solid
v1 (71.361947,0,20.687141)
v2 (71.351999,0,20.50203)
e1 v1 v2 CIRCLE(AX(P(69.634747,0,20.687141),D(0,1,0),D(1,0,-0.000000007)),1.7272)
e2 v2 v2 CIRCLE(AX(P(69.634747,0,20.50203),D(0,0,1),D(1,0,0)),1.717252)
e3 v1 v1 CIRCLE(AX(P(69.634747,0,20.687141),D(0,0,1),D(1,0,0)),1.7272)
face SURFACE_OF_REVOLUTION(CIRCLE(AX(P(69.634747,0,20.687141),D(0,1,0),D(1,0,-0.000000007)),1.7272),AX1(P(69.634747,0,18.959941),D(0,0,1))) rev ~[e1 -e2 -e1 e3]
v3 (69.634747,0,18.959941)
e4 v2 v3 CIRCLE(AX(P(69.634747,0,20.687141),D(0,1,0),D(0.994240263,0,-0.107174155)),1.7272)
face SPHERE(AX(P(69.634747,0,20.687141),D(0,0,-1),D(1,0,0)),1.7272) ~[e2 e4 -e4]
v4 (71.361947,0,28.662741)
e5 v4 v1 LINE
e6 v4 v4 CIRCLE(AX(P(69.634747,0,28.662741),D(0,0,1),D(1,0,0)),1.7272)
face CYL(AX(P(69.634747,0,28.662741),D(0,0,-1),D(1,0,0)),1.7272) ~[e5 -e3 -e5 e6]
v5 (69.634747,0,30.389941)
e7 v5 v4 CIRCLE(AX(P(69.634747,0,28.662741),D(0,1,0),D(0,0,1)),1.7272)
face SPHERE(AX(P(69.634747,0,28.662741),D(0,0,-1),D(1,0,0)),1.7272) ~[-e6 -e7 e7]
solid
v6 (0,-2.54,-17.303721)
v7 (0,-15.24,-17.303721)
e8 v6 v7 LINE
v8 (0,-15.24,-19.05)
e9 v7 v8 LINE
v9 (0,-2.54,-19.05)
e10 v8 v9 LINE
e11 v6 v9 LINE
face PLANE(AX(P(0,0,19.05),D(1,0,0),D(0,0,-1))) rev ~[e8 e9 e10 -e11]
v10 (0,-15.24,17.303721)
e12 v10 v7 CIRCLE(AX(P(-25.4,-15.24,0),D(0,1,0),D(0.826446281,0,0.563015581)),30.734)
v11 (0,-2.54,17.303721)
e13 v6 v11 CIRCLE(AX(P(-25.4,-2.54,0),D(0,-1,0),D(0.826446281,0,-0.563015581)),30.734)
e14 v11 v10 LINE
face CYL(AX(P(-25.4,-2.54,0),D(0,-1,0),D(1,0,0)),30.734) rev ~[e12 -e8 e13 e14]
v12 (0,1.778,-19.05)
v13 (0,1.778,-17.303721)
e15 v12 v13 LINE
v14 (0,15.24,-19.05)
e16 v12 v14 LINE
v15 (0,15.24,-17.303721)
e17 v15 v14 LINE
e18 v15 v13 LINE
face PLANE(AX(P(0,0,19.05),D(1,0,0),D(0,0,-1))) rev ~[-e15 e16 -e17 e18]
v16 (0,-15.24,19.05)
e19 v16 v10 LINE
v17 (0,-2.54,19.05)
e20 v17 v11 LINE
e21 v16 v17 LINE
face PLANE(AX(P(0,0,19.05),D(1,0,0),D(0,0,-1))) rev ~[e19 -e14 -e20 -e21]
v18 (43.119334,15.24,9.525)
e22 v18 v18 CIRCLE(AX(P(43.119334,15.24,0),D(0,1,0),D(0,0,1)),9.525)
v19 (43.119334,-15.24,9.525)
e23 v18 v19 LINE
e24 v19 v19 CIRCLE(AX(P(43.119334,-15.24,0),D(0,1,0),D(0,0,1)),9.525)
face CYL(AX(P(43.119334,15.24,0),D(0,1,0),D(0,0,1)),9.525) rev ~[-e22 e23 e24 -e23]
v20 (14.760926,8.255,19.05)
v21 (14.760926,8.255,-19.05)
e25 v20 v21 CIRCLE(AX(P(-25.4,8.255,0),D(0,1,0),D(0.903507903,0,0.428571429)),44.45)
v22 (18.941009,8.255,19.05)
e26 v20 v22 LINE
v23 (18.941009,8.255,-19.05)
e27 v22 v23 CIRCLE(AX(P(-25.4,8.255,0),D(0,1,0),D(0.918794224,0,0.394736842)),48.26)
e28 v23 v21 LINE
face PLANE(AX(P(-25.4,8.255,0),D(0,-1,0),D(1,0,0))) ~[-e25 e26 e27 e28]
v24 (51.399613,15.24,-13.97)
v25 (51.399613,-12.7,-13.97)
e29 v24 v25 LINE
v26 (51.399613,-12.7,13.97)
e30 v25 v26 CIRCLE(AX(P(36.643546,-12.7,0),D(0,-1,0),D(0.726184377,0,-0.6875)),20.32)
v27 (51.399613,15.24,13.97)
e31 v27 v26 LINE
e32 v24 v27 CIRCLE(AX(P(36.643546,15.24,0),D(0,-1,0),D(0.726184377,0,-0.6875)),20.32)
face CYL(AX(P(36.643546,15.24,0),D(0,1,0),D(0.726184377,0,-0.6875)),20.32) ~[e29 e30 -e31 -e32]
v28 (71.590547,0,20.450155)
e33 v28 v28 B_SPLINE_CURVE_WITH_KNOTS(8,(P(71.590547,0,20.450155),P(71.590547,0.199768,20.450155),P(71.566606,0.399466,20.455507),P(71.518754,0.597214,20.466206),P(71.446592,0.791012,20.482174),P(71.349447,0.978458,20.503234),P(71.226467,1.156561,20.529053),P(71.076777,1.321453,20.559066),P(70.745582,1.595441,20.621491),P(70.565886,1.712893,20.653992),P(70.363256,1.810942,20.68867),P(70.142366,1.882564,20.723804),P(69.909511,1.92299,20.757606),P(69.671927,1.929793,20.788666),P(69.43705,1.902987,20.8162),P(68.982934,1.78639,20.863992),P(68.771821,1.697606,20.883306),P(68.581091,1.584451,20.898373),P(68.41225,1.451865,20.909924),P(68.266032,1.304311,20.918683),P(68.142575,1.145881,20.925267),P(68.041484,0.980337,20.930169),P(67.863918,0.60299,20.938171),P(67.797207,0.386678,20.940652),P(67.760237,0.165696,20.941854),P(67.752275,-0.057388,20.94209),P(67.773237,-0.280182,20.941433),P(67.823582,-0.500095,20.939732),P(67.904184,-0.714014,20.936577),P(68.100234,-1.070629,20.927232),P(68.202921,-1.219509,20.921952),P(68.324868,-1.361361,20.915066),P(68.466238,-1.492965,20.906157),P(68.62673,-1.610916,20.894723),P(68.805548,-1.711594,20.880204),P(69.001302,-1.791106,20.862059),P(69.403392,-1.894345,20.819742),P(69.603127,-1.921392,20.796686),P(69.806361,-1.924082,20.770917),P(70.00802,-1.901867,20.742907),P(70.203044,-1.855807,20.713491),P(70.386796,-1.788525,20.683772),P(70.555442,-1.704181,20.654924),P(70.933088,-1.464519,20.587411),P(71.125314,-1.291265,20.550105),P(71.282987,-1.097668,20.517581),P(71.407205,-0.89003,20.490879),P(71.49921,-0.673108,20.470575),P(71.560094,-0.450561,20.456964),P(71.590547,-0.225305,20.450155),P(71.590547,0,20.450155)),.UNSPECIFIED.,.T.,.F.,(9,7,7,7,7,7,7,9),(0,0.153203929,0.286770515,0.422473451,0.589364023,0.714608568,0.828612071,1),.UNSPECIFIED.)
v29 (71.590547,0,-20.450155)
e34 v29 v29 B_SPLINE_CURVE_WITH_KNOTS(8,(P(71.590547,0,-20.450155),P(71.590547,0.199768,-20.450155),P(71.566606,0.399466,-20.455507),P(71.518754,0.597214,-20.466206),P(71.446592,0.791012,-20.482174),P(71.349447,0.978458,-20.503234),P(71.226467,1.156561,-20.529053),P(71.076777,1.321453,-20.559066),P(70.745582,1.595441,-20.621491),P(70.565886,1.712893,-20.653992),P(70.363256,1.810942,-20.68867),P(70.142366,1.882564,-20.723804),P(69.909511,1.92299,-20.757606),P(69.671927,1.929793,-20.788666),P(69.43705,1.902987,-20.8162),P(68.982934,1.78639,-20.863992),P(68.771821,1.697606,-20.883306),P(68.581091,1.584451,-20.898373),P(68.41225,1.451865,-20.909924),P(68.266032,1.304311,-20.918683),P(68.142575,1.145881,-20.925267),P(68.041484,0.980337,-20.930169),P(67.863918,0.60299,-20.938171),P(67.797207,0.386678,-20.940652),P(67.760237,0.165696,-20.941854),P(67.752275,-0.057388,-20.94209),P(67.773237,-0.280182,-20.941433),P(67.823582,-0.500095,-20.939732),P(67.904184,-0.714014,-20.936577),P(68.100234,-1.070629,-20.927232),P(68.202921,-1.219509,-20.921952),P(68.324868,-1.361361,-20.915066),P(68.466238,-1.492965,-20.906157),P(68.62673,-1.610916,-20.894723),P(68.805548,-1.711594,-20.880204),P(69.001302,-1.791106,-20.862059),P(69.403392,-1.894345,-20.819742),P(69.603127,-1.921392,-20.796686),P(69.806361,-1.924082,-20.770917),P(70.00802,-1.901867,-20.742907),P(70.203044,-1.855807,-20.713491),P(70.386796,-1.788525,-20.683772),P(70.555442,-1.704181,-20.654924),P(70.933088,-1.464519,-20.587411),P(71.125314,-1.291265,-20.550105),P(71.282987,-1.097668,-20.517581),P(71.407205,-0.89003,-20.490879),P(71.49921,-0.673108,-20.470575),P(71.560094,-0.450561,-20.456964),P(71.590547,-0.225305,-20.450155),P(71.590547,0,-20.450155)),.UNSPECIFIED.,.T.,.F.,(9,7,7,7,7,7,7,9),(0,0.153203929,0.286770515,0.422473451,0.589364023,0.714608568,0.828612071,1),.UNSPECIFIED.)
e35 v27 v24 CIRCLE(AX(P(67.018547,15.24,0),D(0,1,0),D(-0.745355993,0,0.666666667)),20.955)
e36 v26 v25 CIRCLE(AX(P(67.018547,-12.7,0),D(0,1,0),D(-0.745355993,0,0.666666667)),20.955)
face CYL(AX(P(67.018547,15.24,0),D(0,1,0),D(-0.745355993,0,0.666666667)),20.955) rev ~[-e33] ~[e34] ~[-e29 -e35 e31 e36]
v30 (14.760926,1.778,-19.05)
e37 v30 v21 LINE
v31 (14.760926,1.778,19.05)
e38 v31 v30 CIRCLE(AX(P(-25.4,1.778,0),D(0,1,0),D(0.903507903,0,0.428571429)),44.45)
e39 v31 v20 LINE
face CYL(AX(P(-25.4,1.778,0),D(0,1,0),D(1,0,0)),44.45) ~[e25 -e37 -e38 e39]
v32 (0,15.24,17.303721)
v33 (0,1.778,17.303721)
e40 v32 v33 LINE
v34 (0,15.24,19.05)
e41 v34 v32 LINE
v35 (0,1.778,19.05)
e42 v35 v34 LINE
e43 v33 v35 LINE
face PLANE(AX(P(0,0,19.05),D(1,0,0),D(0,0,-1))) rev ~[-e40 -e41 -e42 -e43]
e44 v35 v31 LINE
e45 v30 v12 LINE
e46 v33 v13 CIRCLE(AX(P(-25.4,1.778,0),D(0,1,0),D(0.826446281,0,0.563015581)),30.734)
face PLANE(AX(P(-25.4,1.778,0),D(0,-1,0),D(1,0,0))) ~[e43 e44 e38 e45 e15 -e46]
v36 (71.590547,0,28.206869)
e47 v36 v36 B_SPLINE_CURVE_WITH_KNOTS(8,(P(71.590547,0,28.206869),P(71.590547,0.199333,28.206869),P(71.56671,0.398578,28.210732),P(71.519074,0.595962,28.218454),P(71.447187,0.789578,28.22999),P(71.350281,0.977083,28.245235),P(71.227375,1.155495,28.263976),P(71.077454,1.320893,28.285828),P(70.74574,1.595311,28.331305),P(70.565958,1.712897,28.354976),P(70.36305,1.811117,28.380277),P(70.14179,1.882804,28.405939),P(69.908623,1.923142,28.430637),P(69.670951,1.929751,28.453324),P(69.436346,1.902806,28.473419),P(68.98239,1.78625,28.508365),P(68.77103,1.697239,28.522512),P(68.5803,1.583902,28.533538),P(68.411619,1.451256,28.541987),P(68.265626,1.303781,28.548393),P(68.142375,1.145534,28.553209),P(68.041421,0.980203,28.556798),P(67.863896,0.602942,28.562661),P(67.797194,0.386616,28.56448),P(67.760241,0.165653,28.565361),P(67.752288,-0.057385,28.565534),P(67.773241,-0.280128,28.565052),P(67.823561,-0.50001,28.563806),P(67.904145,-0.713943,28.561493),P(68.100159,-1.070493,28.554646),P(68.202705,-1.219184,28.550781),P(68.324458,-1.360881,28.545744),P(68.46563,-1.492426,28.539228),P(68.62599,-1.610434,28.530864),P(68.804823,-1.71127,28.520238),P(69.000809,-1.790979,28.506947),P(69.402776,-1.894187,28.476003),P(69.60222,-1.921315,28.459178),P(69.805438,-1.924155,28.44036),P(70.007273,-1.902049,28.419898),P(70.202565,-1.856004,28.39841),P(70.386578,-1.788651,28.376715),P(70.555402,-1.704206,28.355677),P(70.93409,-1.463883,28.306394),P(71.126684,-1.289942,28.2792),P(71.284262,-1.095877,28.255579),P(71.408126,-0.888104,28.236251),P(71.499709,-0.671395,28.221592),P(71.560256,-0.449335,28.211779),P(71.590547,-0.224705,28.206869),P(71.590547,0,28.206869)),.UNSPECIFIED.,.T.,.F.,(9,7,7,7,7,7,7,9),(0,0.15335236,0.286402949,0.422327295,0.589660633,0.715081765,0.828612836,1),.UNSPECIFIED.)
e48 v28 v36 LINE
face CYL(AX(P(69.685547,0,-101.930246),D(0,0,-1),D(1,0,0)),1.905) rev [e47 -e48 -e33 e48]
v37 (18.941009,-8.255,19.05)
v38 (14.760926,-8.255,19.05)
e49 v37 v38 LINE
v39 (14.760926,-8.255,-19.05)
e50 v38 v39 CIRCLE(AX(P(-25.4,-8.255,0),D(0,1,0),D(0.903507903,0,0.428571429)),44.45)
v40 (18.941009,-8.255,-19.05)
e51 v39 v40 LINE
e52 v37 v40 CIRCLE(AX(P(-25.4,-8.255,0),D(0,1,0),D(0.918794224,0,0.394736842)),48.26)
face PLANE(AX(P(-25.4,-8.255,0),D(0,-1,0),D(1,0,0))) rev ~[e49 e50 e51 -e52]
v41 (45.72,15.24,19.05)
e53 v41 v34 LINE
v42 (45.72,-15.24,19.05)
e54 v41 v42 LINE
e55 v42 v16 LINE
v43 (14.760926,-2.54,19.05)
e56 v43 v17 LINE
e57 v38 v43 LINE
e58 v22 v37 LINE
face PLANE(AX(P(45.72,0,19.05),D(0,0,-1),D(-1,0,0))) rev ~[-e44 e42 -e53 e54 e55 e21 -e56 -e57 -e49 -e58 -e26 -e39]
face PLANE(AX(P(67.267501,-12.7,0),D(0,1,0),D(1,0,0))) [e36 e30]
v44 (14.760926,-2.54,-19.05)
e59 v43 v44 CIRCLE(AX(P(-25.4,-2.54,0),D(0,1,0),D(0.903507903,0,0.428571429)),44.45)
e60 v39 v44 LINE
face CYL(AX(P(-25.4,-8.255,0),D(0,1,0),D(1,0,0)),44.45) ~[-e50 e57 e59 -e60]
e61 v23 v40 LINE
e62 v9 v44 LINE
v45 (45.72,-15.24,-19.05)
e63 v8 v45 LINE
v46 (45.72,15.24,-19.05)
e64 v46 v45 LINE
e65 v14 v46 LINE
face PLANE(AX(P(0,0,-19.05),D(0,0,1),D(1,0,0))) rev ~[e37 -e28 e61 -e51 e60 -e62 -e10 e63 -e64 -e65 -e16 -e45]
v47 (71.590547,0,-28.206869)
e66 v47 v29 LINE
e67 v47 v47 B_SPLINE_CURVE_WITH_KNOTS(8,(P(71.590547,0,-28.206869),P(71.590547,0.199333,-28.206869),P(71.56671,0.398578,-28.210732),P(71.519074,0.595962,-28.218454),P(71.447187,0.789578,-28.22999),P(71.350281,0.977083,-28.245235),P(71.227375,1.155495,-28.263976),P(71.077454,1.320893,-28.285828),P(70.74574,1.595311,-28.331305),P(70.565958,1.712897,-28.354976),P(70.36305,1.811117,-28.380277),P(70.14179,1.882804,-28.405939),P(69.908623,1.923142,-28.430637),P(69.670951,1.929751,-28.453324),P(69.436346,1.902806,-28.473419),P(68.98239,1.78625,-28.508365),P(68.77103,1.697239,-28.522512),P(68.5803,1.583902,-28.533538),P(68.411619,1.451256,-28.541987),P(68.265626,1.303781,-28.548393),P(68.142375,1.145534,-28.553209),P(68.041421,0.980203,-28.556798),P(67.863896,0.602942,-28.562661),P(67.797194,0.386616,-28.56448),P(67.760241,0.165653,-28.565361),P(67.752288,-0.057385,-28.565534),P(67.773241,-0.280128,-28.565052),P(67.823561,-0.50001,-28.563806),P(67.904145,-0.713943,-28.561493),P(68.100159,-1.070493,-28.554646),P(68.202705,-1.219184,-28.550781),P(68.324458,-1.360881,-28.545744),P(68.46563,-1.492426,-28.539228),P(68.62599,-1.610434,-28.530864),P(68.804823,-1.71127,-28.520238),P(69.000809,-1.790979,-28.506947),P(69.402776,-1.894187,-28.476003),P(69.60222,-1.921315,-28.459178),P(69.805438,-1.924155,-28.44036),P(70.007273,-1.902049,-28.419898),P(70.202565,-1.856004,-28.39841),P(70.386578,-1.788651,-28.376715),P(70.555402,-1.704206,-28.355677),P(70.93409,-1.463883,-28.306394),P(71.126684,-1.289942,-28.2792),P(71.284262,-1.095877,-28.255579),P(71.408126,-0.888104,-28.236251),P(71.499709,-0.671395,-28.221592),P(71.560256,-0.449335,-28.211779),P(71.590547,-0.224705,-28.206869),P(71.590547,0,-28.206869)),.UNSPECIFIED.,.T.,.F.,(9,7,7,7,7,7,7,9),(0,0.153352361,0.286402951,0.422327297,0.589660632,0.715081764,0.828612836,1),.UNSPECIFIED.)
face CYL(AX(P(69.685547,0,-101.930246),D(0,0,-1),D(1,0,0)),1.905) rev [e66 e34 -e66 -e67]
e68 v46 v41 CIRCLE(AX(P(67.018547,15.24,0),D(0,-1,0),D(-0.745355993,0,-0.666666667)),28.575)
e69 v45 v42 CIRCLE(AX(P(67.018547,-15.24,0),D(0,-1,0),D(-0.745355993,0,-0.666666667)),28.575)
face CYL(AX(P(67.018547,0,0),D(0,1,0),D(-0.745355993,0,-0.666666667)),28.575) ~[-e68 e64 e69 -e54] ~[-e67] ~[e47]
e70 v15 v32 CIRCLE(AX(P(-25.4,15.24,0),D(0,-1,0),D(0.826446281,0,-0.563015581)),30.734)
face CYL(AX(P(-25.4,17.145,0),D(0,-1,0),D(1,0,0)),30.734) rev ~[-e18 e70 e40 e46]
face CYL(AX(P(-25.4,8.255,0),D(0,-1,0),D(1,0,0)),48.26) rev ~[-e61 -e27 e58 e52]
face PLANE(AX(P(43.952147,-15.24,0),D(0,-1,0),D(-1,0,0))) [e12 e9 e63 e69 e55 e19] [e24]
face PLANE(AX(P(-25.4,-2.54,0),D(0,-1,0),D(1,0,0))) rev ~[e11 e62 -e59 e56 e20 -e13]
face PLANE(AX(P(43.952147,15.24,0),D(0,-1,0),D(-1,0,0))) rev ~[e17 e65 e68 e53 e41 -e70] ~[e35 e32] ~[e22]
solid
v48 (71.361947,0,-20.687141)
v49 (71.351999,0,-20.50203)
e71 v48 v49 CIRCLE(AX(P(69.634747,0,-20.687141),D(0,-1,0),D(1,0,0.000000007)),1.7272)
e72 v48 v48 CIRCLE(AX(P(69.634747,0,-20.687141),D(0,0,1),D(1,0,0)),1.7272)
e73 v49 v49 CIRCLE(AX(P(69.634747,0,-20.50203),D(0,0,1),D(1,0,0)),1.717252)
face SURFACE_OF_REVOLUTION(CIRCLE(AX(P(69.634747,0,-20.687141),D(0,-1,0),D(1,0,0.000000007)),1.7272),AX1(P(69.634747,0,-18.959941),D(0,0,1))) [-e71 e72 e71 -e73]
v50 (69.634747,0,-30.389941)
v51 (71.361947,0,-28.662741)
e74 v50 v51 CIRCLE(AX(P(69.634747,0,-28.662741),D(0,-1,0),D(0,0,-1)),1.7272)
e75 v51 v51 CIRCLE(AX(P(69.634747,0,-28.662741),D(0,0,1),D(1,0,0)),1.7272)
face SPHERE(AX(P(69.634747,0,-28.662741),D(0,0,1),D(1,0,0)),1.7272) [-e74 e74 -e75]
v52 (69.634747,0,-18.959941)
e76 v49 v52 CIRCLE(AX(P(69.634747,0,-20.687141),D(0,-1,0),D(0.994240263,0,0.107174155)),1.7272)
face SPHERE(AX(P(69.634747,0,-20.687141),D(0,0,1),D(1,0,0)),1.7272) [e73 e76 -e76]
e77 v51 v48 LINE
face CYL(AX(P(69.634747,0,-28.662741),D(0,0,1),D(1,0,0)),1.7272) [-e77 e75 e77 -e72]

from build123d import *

# Parameters (mm, degrees)
BOSS_EXTRUDE1_DEPTH     = 15.24
CUT_EXTRUDE1_DEPTH      = 27.94
CUT_EXTRUDE2_DEPTH      = 101.930245942
CUT_EXTRUDE2_DEPTH_BACK = 101.930245942
SKETCH4_R               = 1.905
SKETCH6_R               = 9.525
CUT_EXTRUDE3_DEPTH      = 105.836564482


with BuildPart() as part:
    # Sketch1 → Boss-Extrude1 (new, symmetric)
    with BuildSketch(Plane(origin=(0, 0, 0), x_dir=(1, 0, 0), z_dir=(0, 1, 0))):
        with BuildLine():
            Line((0, 19.05), (45.72, 19.05))
            ThreePointArc((45.72, 19.05), (95.593547486, 0), (45.72, -19.05))
            Line((45.72, -19.05), (0, -19.05))
            Line((0, -19.05), (0, 19.05))
        make_face()
    extrude(amount=BOSS_EXTRUDE1_DEPTH, both=True)

    # Sketch3 → Cut-Extrude1 (cut)
    with BuildSketch(Plane(origin=(0, 15.24, 0), x_dir=(1, 0, 0), z_dir=(0, 1, 0))):
        with BuildLine():
            ThreePointArc((51.399612663, 13.97), (56.963546114, 0), (51.399612663, -13.97))
            ThreePointArc((51.399612663, -13.97), (87.973547486, 0), (51.399612663, 13.97))
        make_face()
    extrude(amount=-CUT_EXTRUDE1_DEPTH, mode=Mode.SUBTRACT)

    # Sketch4 → Cut-Extrude2 (cut, two sides: drawn at the far end of the back side and taken through both)
    with BuildSketch(Plane.XY.offset(-CUT_EXTRUDE2_DEPTH_BACK)):
        with Locations((69.685547486, 0)):
            Circle(SKETCH4_R)
    extrude(amount=CUT_EXTRUDE2_DEPTH + CUT_EXTRUDE2_DEPTH_BACK, mode=Mode.SUBTRACT)

    # Sketch2 → Cut-Revolve1 (revolve, cut)
    with BuildSketch(Plane.XY):
        Polygon((-3.048, 17.145), (5.334, 17.145), (5.334, 1.778), (19.05, 1.778), (19.05, 8.255), (22.86, 8.255), (22.86, -8.255), (19.05, -8.255), (19.05, -2.54), (5.334, -2.54), (5.334, -17.145), (-3.048, -17.145), align=None)
    revolve(axis=Axis((-25.4, 18.8595, 0), (0, -1, 0)), mode=Mode.SUBTRACT)

    # Sketch6 → Cut-Extrude3 (cut, through all)
    with BuildSketch(Plane(origin=(0, 15.24, 0), x_dir=(1, 0, 0), z_dir=(0, 1, 0))):
        with Locations(Location((43.11933437, 0, 0), (0, 0, 270))):
            Circle(SKETCH6_R)
    extrude(amount=-CUT_EXTRUDE3_DEPTH, mode=Mode.SUBTRACT)


with BuildPart() as body_2:
    # Sketch5 → Revolve1 (revolve)
    with BuildSketch(Plane(origin=(0, 0, 0), x_dir=(1, 0, 0), z_dir=(0, 1, 0))):
        with BuildLine():
            ThreePointArc((71.361947486, -28.242972603), (70.499961748, -28.362129323), (69.634747486, -28.454984143))
            Line((69.634747486, -28.454984143), (69.634747486, -30.389940871))
            ThreePointArc((69.634747486, -30.389940871), (70.856062318, -29.884055704), (71.361947486, -28.662740871))
            Line((71.361947486, -28.662740871), (71.361947486, -28.242972603))
        make_face()
        with BuildLine():
            ThreePointArc((71.351999268, -20.502029671), (70.496376886, -20.66438307), (69.634747486, -20.791044287))
            Line((69.634747486, -20.791044287), (69.634747486, -28.454984143))
            ThreePointArc((69.634747486, -28.454984143), (70.499961748, -28.362129323), (71.361947486, -28.242972603))
            Line((71.361947486, -28.242972603), (71.361947486, -20.687140871))
            ThreePointArc((71.361947486, -20.687140871), (71.359458638, -20.594451709), (71.351999268, -20.502029671))
        make_face()
        with BuildLine():
            ThreePointArc((71.351999268, -20.502029671), (70.788761302, -19.402044785), (69.634747486, -18.959940871))
            Line((69.634747486, -18.959940871), (69.634747486, -20.791044287))
            ThreePointArc((69.634747486, -20.791044287), (70.496376886, -20.66438307), (71.351999268, -20.502029671))
        make_face()
    revolve(axis=Axis((69.634747486, 0, 18.959940871), (0, 0, 1)))


with BuildPart() as body_3:
    # Mirror1: mirrored copy
    add(body_2.part.mirror(Plane.XY))


solid = Compound([part.part, body_2.part, body_3.part])
